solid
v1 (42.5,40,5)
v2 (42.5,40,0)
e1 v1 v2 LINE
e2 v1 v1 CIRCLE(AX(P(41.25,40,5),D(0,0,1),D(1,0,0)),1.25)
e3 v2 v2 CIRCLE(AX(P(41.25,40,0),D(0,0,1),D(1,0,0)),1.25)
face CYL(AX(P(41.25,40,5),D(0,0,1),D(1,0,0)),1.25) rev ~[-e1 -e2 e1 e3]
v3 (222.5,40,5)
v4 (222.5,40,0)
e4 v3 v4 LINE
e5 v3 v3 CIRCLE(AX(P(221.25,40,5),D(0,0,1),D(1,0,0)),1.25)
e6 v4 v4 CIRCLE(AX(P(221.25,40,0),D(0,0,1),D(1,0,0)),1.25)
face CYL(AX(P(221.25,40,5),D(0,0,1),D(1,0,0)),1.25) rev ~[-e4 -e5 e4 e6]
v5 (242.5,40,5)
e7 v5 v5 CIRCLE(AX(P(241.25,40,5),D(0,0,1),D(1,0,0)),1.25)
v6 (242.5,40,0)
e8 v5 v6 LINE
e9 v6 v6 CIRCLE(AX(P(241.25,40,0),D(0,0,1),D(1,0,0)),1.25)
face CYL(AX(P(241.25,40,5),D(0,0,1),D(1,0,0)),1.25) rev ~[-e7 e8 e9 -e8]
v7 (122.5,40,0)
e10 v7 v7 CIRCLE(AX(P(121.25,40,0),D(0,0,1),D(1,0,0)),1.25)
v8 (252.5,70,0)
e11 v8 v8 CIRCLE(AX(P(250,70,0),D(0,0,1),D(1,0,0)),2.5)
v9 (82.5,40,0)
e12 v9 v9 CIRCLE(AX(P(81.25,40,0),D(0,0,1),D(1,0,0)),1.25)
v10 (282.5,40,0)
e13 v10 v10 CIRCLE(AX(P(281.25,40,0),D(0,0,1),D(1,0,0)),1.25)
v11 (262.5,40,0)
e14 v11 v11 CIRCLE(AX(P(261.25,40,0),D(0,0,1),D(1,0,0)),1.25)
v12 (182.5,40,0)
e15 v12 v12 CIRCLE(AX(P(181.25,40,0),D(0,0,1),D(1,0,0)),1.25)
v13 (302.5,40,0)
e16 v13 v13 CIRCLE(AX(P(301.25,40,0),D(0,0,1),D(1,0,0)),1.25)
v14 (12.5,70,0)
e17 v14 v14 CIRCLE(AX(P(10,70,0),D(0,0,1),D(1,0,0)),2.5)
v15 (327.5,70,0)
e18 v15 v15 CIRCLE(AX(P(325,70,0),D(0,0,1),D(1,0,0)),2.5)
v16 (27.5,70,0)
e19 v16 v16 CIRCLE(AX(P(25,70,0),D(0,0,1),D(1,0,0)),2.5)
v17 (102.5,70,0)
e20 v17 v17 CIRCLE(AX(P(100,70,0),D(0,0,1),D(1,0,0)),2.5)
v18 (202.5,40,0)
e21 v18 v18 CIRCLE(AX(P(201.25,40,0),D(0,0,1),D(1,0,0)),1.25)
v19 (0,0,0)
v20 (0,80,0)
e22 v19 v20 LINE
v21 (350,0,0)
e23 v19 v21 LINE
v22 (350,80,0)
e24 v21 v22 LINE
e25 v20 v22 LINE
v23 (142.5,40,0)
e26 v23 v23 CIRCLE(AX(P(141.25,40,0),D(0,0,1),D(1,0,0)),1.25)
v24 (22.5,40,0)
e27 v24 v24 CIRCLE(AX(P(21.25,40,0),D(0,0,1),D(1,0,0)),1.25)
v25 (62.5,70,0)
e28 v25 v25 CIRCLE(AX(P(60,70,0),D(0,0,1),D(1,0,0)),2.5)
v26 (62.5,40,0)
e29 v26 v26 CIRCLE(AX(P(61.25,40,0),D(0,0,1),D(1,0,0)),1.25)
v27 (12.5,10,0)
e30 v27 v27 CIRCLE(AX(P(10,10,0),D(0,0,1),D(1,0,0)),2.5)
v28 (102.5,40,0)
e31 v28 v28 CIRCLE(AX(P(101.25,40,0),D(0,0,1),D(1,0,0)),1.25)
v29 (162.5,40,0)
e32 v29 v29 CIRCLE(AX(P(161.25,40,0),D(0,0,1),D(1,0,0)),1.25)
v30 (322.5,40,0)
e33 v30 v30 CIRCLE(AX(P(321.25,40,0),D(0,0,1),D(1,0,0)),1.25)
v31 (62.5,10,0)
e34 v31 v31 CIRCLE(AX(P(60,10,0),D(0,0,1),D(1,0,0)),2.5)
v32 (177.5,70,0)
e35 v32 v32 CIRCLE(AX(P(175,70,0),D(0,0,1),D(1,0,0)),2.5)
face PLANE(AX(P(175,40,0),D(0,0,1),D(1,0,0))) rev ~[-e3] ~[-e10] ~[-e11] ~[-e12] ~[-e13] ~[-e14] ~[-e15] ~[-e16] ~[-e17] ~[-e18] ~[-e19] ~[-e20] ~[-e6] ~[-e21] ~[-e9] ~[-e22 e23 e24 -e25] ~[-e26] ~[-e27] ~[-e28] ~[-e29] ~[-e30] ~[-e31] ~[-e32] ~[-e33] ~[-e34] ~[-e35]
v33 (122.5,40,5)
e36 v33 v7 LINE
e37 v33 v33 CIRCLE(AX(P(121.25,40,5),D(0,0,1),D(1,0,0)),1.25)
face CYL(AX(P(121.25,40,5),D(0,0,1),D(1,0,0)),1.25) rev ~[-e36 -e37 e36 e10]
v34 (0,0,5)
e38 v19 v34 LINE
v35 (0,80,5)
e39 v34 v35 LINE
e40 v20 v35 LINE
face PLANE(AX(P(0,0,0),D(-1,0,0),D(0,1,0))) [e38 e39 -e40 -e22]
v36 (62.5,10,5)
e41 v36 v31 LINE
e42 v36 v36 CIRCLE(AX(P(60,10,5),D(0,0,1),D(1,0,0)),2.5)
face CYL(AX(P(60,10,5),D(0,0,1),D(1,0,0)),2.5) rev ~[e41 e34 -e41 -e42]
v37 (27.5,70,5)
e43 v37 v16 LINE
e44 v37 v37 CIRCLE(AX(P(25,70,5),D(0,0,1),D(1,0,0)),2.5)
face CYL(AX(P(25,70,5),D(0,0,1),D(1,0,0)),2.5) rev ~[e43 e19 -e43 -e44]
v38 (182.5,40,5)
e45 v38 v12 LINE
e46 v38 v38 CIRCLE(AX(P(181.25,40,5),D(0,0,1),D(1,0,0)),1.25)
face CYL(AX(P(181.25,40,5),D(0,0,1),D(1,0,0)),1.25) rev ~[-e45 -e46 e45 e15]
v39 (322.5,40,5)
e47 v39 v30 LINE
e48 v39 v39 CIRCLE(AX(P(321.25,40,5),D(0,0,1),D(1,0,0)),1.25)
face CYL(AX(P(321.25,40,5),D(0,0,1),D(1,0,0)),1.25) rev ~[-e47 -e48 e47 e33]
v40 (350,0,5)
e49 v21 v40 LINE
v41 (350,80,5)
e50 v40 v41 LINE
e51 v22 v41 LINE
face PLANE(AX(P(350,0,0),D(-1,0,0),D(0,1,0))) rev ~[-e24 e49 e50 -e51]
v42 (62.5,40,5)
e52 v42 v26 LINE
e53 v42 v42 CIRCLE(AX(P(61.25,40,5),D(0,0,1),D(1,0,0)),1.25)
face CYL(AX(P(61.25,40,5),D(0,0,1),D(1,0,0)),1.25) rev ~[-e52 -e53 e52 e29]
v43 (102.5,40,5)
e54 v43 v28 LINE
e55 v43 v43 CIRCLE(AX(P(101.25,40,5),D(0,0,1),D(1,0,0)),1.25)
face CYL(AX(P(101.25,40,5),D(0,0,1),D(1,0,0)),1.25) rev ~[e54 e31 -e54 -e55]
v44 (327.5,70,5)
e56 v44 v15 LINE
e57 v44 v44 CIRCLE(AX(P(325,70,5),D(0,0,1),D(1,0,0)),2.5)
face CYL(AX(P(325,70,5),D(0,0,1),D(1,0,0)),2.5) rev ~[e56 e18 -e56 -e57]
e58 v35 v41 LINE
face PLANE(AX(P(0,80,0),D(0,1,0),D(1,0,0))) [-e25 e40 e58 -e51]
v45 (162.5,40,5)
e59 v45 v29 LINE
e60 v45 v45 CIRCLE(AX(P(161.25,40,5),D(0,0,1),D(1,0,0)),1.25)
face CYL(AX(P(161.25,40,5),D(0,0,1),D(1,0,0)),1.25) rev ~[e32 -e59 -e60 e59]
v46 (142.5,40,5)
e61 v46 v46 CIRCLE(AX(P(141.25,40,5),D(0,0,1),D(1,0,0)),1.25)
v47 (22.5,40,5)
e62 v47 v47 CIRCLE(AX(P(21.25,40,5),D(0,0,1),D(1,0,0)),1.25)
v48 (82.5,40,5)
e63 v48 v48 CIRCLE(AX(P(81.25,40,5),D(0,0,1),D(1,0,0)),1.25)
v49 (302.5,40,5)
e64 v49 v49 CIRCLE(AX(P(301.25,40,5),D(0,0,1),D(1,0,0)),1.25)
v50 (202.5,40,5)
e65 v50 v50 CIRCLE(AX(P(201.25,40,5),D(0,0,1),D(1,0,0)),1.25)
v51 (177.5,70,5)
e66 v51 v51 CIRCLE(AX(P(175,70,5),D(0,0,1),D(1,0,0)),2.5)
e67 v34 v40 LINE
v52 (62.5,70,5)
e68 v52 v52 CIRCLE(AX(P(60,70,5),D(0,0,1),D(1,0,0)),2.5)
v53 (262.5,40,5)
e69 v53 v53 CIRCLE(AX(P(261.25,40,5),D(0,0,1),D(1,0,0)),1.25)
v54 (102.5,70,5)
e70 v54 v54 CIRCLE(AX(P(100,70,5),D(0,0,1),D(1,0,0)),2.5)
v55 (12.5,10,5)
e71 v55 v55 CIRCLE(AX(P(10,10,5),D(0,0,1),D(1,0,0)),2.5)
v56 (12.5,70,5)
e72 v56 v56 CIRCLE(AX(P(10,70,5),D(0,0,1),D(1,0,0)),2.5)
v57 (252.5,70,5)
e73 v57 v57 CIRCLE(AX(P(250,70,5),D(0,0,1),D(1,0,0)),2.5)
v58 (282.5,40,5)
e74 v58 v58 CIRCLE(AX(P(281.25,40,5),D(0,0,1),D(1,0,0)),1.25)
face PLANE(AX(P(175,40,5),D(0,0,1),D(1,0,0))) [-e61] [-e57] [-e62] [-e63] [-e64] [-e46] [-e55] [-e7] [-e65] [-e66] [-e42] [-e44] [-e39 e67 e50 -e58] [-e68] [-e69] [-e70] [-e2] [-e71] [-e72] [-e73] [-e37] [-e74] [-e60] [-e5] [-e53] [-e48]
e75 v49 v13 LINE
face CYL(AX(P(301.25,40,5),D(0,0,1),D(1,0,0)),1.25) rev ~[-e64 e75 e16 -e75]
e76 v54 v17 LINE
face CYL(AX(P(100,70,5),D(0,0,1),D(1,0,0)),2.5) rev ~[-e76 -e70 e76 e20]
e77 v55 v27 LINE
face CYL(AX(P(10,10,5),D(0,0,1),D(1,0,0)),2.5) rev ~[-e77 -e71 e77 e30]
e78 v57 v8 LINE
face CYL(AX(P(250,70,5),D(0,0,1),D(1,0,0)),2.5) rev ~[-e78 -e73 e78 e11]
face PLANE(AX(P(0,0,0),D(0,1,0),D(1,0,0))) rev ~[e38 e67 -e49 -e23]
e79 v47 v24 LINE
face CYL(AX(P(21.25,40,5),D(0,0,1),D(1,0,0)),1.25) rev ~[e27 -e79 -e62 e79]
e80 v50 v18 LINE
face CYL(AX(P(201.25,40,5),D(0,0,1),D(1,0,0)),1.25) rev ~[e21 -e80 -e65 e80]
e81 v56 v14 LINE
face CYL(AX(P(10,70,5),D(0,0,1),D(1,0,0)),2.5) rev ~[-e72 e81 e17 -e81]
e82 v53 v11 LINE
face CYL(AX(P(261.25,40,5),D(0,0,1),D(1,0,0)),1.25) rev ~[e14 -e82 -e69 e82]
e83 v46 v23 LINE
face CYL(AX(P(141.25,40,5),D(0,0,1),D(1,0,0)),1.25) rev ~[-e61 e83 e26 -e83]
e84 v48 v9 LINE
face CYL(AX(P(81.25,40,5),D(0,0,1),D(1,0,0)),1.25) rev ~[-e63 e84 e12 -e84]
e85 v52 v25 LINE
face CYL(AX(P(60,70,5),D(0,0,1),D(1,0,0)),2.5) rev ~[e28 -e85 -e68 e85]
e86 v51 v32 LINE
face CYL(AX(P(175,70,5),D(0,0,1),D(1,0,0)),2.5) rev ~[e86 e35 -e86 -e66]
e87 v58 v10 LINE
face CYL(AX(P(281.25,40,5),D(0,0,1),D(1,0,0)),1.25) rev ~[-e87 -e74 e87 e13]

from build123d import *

# Parameters (mm, degrees)
F0_W     = 350
F0_H     = 80
F1_DEPTH = 5
F2_R     = 1.25
F3_DEPTH = 5.001
F5_R     = 2.5
F6_DEPTH = 25
F7_R     = 2.5
F8_DEPTH = 25


with BuildPart() as f1:
    # F0 (on Top) → F1 (new body)
    with BuildSketch(Plane.XY):
        with Locations((175, 40)):
            Rectangle(F0_W, F0_H)
    extrude(amount=F1_DEPTH)

    # F2 (on face) → F3 (cut, through all)
    with BuildSketch(Plane.XY.offset(5)):
        with Locations((21.25, 40)):
            Circle(F2_R)
        with Locations((41.25, 40)):
            Circle(F2_R)
        with Locations((61.25, 40)):
            Circle(F2_R)
        with Locations((81.25, 40)):
            Circle(F2_R)
        with Locations((101.25, 40)):
            Circle(F2_R)
        with Locations((121.25, 40)):
            Circle(F2_R)
        with Locations((141.25, 40)):
            Circle(F2_R)
        with Locations((161.25, 40)):
            Circle(F2_R)
        with Locations((181.25, 40)):
            Circle(F2_R)
        with Locations((201.25, 40)):
            Circle(F2_R)
        with Locations((221.25, 40)):
            Circle(F2_R)
        with Locations((241.25, 40)):
            Circle(F2_R)
        with Locations((261.25, 40)):
            Circle(F2_R)
        with Locations((281.25, 40)):
            Circle(F2_R)
        with Locations((301.25, 40)):
            Circle(F2_R)
        with Locations((321.25, 40)):
            Circle(F2_R)
    extrude(amount=-F3_DEPTH, mode=Mode.SUBTRACT)

    # F5 (on face) → F6 (cut)
    with BuildSketch(Plane.XY.offset(5)):
        with Locations((25, 70)):
            Circle(F5_R)
        with Locations((100, 70)):
            Circle(F5_R)
        with Locations((175, 70)):
            Circle(F5_R)
        with Locations((250, 70)):
            Circle(F5_R)
        with Locations((325, 70)):
            Circle(F5_R)
    extrude(amount=-F6_DEPTH, mode=Mode.SUBTRACT)

    # F7 (on face) → F8 (cut)
    with BuildSketch(Plane.XY.offset(5)):
        with Locations((10, 70)):
            Circle(F7_R)
        with Locations((10, 10)):
            Circle(F7_R)
        with Locations((60, 70)):
            Circle(F7_R)
        with Locations((60, 10)):
            Circle(F7_R)
    extrude(amount=-F8_DEPTH, mode=Mode.SUBTRACT)


solid = f1.part
